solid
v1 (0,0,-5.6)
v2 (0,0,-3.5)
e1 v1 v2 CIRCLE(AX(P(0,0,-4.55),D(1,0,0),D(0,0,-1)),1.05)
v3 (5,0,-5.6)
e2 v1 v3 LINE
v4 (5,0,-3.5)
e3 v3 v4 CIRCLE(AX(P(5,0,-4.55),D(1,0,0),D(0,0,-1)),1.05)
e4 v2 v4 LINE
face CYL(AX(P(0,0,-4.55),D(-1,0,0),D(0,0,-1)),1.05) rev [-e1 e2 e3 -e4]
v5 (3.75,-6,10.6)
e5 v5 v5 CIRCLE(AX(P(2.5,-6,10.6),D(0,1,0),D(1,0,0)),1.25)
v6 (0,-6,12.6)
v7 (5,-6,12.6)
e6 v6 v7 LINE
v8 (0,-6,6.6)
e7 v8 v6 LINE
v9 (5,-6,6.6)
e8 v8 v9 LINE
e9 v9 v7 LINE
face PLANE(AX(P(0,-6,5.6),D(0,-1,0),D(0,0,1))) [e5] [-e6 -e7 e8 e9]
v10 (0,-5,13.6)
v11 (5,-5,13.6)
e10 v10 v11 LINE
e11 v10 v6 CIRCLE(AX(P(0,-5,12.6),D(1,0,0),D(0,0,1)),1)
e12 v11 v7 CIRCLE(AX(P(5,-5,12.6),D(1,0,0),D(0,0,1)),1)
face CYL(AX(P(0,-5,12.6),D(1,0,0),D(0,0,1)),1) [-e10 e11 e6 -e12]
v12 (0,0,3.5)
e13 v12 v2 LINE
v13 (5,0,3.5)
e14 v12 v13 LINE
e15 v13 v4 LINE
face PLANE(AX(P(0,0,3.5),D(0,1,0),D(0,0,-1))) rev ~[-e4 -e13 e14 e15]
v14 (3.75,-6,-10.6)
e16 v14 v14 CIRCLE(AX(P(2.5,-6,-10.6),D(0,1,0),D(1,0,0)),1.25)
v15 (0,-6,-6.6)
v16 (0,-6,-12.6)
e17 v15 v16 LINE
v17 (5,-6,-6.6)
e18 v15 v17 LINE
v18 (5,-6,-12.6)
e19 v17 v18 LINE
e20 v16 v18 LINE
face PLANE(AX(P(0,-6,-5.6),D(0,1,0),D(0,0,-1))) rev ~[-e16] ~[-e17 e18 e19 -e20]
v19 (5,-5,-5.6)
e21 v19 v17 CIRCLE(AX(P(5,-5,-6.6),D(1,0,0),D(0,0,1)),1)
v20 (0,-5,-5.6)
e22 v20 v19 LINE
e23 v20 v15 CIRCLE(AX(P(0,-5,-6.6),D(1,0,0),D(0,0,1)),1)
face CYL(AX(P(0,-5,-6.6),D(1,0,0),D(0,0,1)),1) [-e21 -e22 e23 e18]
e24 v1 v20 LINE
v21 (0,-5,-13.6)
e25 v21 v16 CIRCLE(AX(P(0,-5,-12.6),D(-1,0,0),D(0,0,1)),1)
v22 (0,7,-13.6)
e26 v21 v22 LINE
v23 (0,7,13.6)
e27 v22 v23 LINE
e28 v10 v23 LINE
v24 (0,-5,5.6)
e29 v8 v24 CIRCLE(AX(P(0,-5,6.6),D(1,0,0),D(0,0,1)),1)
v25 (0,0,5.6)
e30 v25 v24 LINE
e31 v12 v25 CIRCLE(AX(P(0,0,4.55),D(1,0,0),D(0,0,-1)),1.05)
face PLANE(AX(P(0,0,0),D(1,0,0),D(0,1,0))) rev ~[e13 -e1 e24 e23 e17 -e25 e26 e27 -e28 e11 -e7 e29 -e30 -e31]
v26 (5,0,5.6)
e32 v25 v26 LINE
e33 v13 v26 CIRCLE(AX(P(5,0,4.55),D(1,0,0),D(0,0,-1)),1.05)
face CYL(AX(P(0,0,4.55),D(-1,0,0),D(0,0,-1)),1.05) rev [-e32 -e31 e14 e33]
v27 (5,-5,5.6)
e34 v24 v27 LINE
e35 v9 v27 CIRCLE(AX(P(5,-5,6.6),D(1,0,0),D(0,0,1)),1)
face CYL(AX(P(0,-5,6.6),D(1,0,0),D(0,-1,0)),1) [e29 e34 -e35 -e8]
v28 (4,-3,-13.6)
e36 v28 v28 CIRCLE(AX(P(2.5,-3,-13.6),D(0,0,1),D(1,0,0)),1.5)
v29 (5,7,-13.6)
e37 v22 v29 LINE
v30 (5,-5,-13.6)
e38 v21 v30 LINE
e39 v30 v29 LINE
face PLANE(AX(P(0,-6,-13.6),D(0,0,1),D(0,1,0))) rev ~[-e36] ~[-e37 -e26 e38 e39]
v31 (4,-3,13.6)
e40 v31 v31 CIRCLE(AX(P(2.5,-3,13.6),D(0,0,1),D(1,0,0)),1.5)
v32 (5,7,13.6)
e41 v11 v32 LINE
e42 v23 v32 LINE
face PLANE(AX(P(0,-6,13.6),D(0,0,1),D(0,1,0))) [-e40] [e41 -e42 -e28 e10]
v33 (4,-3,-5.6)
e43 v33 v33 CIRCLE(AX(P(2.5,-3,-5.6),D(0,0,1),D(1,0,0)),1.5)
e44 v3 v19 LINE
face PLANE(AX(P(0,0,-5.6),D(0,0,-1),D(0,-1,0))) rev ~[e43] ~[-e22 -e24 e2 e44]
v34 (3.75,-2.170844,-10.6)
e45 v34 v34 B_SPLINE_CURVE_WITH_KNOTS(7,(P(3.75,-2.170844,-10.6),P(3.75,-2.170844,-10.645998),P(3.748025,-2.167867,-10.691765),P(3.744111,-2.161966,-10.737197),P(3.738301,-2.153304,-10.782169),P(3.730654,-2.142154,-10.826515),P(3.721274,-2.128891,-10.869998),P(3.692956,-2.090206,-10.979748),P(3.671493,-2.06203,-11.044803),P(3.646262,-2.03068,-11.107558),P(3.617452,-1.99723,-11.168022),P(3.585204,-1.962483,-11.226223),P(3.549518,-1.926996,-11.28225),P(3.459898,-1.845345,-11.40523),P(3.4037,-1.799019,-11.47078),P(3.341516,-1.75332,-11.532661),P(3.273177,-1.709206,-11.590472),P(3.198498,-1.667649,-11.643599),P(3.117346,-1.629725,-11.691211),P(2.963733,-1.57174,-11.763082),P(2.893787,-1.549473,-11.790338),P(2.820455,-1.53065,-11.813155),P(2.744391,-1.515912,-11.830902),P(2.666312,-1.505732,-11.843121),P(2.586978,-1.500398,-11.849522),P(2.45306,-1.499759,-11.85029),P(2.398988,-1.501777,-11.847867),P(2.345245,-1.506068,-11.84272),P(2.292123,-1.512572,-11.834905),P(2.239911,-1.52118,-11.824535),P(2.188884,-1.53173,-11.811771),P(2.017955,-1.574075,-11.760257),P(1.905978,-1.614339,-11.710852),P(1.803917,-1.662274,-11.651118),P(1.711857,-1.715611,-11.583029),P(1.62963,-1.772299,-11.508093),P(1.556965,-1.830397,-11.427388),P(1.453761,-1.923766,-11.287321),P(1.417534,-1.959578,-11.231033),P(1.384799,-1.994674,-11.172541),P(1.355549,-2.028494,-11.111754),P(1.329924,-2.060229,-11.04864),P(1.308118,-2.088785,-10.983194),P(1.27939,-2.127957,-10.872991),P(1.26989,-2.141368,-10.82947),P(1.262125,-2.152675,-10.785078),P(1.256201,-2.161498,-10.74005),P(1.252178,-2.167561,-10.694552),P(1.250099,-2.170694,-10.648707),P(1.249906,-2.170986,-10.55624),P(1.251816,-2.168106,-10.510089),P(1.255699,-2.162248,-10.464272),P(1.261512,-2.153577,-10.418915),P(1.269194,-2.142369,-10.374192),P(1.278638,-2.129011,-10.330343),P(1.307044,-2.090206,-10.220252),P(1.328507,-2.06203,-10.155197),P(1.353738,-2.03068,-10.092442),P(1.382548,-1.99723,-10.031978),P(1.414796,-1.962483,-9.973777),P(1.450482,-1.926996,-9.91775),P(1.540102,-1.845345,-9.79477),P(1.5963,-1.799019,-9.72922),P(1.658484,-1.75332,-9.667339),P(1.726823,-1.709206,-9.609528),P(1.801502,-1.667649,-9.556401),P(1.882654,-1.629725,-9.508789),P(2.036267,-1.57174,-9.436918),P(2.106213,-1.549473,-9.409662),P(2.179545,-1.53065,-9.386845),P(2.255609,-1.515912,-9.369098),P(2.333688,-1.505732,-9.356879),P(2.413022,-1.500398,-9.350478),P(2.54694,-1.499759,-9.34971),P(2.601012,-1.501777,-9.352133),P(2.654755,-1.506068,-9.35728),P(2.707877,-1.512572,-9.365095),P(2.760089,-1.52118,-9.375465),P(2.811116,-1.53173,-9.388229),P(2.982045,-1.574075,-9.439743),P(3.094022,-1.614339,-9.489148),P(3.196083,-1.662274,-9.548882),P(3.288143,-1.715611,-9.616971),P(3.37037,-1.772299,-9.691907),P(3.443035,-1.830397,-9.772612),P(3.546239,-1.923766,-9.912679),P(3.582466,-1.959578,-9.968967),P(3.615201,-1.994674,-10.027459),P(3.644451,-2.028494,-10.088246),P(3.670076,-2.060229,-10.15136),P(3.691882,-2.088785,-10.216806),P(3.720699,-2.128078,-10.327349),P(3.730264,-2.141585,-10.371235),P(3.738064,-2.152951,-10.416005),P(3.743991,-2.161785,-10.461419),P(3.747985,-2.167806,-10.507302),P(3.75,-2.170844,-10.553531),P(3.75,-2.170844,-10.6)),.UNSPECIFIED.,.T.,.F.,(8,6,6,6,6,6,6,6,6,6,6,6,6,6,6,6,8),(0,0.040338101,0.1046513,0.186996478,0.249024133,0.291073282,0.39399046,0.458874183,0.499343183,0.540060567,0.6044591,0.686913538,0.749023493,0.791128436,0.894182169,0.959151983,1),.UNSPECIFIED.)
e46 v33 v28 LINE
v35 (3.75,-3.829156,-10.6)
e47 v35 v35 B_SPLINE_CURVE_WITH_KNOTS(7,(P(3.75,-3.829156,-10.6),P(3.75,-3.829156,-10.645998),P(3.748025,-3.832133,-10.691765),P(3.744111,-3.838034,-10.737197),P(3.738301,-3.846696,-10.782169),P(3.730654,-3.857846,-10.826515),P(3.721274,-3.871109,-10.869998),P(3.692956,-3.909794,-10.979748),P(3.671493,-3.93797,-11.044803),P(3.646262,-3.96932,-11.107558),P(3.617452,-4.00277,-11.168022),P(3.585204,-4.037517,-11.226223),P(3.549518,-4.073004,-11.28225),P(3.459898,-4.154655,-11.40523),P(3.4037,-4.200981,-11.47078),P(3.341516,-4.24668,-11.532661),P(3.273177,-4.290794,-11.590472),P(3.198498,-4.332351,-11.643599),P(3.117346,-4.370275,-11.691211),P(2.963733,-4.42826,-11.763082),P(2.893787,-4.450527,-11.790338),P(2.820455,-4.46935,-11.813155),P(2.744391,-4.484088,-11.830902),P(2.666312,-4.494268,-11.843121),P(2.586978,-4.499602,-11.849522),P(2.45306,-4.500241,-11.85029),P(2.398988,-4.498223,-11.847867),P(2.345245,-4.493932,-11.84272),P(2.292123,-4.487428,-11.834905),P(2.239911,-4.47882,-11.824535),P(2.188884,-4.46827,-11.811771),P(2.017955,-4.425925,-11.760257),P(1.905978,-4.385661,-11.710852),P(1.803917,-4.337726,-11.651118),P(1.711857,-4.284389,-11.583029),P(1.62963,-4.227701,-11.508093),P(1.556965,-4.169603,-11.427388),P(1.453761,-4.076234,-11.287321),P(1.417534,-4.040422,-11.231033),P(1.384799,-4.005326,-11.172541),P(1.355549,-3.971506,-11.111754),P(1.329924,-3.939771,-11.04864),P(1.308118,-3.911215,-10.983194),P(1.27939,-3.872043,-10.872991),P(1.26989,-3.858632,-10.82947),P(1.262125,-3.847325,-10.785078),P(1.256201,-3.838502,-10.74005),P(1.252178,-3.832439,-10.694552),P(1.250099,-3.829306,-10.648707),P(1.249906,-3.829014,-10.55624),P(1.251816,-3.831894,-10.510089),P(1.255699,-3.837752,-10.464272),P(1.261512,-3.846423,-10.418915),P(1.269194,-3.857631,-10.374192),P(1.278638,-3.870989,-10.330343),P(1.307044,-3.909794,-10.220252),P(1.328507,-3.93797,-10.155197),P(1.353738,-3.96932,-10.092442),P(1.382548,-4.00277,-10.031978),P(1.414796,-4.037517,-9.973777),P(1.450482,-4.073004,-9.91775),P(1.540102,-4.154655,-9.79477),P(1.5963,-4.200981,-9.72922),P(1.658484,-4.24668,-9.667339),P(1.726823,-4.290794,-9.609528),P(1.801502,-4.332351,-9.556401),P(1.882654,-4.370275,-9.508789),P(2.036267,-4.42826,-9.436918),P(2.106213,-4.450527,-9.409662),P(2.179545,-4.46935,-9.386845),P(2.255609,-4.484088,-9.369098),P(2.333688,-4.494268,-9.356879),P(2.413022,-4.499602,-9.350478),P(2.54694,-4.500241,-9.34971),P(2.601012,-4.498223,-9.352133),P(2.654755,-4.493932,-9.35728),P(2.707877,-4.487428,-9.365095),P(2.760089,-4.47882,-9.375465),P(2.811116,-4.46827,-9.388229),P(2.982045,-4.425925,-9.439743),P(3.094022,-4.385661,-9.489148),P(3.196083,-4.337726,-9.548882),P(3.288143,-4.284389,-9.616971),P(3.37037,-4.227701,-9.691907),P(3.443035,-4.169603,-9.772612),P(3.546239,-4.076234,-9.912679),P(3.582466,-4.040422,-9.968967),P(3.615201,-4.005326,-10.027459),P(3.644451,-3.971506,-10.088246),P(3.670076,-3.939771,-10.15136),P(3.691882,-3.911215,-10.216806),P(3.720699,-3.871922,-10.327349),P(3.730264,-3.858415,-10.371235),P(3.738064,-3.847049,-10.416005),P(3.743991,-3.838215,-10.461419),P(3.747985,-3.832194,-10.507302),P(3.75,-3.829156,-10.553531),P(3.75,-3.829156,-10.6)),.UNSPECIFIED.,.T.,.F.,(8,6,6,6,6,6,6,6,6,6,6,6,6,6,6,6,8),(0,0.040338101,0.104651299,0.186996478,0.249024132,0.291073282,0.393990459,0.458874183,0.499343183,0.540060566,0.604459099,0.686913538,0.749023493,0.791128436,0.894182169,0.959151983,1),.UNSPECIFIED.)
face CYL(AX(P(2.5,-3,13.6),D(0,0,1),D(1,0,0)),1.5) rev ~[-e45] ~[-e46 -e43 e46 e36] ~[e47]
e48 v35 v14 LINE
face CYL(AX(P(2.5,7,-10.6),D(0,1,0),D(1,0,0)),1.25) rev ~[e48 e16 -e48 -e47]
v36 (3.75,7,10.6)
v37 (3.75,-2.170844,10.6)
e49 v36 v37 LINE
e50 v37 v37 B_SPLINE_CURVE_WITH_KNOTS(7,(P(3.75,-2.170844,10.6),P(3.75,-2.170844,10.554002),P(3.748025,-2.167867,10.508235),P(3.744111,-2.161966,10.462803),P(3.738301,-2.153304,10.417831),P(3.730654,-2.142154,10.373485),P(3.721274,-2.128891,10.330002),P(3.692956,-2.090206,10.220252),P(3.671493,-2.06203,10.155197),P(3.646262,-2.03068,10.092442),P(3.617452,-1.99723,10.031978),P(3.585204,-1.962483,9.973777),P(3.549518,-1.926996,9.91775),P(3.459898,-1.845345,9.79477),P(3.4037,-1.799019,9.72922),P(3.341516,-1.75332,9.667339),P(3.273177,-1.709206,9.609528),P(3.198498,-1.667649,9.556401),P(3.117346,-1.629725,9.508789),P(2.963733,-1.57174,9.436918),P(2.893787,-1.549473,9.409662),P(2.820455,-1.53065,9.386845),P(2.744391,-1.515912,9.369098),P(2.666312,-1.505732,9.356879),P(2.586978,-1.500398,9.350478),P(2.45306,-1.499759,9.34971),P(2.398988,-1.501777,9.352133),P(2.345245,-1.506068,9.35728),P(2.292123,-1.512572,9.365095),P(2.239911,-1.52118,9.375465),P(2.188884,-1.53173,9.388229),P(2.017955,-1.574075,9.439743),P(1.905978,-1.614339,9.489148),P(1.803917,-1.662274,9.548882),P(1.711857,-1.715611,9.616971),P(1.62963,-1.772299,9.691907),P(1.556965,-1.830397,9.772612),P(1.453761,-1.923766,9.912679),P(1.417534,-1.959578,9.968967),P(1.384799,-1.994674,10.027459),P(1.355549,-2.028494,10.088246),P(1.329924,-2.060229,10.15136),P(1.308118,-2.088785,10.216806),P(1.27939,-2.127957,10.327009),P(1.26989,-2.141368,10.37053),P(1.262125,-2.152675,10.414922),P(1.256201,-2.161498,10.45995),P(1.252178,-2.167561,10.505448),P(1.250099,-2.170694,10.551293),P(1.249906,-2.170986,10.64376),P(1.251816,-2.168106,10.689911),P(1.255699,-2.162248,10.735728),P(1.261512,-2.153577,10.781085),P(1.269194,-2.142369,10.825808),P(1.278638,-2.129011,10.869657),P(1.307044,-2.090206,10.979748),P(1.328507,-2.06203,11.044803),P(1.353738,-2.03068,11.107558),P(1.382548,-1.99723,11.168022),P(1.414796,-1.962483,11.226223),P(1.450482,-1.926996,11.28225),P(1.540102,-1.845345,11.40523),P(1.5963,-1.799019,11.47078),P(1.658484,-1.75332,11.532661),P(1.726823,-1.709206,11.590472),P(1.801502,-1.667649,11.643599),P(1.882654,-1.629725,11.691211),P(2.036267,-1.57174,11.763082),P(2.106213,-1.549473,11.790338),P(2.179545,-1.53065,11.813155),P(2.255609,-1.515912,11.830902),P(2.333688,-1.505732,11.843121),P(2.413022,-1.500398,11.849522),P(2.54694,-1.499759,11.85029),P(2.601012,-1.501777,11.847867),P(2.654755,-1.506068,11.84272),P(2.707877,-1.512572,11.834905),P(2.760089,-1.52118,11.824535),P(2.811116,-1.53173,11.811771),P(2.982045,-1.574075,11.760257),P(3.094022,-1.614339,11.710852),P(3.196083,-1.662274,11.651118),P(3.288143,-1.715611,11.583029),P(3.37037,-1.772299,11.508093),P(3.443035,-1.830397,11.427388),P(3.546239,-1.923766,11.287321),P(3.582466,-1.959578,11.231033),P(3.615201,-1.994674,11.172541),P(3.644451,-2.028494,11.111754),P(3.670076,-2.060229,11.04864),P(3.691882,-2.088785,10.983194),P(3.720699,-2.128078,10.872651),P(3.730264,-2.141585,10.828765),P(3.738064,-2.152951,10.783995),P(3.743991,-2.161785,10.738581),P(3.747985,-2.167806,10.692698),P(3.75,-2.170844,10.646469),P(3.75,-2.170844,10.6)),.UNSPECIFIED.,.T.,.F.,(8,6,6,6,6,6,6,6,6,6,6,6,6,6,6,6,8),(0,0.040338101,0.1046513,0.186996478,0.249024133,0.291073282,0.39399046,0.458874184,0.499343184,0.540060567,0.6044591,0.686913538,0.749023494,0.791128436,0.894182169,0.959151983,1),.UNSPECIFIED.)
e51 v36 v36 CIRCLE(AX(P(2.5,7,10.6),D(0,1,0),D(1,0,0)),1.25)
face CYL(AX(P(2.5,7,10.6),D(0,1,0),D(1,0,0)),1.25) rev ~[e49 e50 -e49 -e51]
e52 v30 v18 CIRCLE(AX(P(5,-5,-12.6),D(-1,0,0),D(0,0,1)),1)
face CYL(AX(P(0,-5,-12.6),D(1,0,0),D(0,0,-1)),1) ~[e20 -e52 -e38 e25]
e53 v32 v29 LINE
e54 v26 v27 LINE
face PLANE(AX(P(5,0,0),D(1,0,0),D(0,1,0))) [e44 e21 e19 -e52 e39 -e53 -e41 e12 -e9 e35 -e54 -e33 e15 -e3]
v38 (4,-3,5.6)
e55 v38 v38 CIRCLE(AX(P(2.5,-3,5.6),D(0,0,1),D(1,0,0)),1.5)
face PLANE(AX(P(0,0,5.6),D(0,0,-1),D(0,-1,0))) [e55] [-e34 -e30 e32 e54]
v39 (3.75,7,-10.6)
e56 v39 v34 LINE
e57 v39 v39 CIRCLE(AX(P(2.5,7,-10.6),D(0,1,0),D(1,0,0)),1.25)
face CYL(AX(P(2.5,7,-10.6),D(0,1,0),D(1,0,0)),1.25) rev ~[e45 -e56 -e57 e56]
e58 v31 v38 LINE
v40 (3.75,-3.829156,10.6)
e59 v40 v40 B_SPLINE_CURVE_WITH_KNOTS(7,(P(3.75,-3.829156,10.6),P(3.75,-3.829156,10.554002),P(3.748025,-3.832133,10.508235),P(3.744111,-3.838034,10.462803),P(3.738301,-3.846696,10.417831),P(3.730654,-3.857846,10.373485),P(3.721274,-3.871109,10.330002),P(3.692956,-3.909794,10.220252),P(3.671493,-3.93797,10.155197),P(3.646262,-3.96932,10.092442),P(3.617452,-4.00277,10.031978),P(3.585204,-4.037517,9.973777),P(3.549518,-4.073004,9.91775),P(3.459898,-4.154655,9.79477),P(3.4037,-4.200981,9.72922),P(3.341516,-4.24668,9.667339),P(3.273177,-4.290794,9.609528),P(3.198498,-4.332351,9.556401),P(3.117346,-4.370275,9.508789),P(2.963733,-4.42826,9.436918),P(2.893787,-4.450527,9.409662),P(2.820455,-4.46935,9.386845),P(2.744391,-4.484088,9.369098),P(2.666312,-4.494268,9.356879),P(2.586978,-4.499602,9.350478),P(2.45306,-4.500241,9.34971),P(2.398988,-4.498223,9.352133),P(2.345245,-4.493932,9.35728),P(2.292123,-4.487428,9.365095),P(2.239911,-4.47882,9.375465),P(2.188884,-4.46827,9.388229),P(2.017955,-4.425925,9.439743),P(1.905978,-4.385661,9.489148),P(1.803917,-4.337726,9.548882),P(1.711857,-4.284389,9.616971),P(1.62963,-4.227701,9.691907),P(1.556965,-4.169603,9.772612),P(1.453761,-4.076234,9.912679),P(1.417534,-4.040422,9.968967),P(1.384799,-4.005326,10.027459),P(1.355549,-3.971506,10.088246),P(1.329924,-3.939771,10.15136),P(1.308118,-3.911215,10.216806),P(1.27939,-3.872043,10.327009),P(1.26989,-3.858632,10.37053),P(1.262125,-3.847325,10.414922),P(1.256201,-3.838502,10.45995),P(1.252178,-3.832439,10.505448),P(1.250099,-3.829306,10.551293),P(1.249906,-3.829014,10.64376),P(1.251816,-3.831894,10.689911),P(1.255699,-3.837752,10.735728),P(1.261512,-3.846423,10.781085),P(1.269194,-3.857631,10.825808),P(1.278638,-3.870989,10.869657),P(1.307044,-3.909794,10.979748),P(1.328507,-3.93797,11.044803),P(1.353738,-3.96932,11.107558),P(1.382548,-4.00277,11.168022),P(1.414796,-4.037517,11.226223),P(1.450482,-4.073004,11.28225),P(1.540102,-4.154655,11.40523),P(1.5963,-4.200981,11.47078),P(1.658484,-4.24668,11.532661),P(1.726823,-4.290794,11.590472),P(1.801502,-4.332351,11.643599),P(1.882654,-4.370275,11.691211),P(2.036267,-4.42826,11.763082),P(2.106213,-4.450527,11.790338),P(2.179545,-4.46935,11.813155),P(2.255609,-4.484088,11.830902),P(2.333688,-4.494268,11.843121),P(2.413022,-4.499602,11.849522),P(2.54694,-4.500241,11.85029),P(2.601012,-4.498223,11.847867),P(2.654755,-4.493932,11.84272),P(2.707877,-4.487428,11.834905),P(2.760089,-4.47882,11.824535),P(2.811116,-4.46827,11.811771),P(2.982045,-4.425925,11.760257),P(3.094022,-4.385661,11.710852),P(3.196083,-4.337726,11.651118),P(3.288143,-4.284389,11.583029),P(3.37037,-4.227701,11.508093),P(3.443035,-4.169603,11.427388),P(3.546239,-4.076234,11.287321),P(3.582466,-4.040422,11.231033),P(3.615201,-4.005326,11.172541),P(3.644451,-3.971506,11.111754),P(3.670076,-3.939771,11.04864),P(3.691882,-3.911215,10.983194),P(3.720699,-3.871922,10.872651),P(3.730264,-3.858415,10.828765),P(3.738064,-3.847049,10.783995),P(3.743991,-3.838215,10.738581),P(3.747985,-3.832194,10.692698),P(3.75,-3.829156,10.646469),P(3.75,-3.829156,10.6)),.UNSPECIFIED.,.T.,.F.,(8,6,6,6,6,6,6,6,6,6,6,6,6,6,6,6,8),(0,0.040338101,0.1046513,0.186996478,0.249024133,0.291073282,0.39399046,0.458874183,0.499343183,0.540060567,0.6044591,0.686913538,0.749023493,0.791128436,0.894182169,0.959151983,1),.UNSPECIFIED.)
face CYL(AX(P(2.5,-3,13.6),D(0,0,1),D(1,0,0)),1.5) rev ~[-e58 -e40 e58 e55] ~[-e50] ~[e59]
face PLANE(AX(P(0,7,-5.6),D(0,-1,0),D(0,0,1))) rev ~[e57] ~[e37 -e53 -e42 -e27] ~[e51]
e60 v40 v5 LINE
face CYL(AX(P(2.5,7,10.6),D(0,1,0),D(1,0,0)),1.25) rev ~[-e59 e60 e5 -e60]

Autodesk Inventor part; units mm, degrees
ref_plane "YZ Plane" through (0, 0, 0) normal (1, 0, 0) x (0, 1, 0)
ref_plane "XZ Plane" through (0, 0, 0) normal (0, 1, 0) x (-1, 0, 0)
ref_plane "XY Plane" through (0, 0, 0) normal (0, 0, 1) x (1, 0, 0)
sketch "スケッチ1" plane through (0, 0, 0) normal (1, 0, 0) x (0, 1, 0)
  line L0 (7, 5.6) -> (0, 5.6)
  line L1 (0, 5.6) -> (0, -5.6)
  line L2 (0, -5.6) -> (7, -5.6)
  line L3 (7, -5.6) -> (7, 5.6)
  line L4 (7, 5.6) -> (-6, 5.6)
  line L5 (-6, 5.6) -> (-6, 13.6)
  line L6 (-6, 13.6) -> (7, 13.6)
  line L7 (7, 13.6) -> (7, 5.6)
  line L8 (7, -5.6) -> (-6, -5.6)
  line L9 (-6, -5.6) -> (-6, -13.6)
  line L10 (-6, -13.6) -> (7, -13.6)
  line L11 (7, -13.6) -> (7, -5.6)
  arc A0 (0, 3.5) -> (0, 5.6) centre (0, 4.55) ccw
  arc A1 (0, -5.6) -> (0, -3.5) centre (0, -4.55) ccw
  point P0 (0, 0)
  point P1 (0, 0)
  point P2 (0, 5.6)
  point P3 (0, 5.6)
  dimension "d0" = 7
  dimension "d1" = 11.2
  dimension "d2" = 13
  dimension "d3" = 13
  dimension "d4" = 8
  dimension "d5" = 8
  dimension "d8" = 1.05
extrude "押し出し1" add sketch "スケッチ1" along normal blind 5 contours L3 L2 A1 L1 A0 L0 | L0 L4 L5 L6 L7 | L11 L10 L9 L8 L2
sketch "スケッチ2" plane through (0, 7, 13.6) normal (0, 1, 0) x (1, 0, 0)
  line L0 (0, 27.2) -> (0, 0) projected
  line L1 (0, 0) -> (5, 0) projected
  line L2 (5, 27.2) -> (5, 0) projected
  line L3 (0, 27.2) -> (5, 27.2) projected
  line L4 (2.5, 0) -> (2.5, 27.2) construction
  circle A0 centre (2.5, 3) radius 1.25
  circle A1 centre (2.5, 24.2) radius 1.25
  point P0 (0, 13.6)
  dimension "d9" = 2.5
  dimension "d10" = 2.5
  dimension "d11" = 3
  dimension "d12" = 3
extrude "押し出し2" cut sketch "スケッチ2" against normal up to surface (13 mm away) contours A0 | A1
sketch "スケッチ3" plane through (0, -6, 13.6) normal (0, 0, 1) x (1, 0, 0)
  circle A0 centre (2.5, 3) radius 1.5
  line L0 (0, 0) -> (5, 0) projected
  point P0 (0, 6)
  point P1 (2.5, 0)
  dimension "d15" = 3
  dimension "d16" = 3
extrude "押し出し3" cut sketch "スケッチ3" against normal up to surface (27.2 mm away)
fillet "フィレット1" radius 1 4 edges at (2.5, -6, -5.6) (2.5, -6, -13.6) (2.5, -6, 5.6) (2.5, -6, 13.6)
equation "\"d3\" = d2"
equation "\"d5\" = d4"
equation "\"d10\" = d9"
equation "\"d12\" = d11"
properties part number "ウィング土台" material "アルミニウム 2014-T4"
